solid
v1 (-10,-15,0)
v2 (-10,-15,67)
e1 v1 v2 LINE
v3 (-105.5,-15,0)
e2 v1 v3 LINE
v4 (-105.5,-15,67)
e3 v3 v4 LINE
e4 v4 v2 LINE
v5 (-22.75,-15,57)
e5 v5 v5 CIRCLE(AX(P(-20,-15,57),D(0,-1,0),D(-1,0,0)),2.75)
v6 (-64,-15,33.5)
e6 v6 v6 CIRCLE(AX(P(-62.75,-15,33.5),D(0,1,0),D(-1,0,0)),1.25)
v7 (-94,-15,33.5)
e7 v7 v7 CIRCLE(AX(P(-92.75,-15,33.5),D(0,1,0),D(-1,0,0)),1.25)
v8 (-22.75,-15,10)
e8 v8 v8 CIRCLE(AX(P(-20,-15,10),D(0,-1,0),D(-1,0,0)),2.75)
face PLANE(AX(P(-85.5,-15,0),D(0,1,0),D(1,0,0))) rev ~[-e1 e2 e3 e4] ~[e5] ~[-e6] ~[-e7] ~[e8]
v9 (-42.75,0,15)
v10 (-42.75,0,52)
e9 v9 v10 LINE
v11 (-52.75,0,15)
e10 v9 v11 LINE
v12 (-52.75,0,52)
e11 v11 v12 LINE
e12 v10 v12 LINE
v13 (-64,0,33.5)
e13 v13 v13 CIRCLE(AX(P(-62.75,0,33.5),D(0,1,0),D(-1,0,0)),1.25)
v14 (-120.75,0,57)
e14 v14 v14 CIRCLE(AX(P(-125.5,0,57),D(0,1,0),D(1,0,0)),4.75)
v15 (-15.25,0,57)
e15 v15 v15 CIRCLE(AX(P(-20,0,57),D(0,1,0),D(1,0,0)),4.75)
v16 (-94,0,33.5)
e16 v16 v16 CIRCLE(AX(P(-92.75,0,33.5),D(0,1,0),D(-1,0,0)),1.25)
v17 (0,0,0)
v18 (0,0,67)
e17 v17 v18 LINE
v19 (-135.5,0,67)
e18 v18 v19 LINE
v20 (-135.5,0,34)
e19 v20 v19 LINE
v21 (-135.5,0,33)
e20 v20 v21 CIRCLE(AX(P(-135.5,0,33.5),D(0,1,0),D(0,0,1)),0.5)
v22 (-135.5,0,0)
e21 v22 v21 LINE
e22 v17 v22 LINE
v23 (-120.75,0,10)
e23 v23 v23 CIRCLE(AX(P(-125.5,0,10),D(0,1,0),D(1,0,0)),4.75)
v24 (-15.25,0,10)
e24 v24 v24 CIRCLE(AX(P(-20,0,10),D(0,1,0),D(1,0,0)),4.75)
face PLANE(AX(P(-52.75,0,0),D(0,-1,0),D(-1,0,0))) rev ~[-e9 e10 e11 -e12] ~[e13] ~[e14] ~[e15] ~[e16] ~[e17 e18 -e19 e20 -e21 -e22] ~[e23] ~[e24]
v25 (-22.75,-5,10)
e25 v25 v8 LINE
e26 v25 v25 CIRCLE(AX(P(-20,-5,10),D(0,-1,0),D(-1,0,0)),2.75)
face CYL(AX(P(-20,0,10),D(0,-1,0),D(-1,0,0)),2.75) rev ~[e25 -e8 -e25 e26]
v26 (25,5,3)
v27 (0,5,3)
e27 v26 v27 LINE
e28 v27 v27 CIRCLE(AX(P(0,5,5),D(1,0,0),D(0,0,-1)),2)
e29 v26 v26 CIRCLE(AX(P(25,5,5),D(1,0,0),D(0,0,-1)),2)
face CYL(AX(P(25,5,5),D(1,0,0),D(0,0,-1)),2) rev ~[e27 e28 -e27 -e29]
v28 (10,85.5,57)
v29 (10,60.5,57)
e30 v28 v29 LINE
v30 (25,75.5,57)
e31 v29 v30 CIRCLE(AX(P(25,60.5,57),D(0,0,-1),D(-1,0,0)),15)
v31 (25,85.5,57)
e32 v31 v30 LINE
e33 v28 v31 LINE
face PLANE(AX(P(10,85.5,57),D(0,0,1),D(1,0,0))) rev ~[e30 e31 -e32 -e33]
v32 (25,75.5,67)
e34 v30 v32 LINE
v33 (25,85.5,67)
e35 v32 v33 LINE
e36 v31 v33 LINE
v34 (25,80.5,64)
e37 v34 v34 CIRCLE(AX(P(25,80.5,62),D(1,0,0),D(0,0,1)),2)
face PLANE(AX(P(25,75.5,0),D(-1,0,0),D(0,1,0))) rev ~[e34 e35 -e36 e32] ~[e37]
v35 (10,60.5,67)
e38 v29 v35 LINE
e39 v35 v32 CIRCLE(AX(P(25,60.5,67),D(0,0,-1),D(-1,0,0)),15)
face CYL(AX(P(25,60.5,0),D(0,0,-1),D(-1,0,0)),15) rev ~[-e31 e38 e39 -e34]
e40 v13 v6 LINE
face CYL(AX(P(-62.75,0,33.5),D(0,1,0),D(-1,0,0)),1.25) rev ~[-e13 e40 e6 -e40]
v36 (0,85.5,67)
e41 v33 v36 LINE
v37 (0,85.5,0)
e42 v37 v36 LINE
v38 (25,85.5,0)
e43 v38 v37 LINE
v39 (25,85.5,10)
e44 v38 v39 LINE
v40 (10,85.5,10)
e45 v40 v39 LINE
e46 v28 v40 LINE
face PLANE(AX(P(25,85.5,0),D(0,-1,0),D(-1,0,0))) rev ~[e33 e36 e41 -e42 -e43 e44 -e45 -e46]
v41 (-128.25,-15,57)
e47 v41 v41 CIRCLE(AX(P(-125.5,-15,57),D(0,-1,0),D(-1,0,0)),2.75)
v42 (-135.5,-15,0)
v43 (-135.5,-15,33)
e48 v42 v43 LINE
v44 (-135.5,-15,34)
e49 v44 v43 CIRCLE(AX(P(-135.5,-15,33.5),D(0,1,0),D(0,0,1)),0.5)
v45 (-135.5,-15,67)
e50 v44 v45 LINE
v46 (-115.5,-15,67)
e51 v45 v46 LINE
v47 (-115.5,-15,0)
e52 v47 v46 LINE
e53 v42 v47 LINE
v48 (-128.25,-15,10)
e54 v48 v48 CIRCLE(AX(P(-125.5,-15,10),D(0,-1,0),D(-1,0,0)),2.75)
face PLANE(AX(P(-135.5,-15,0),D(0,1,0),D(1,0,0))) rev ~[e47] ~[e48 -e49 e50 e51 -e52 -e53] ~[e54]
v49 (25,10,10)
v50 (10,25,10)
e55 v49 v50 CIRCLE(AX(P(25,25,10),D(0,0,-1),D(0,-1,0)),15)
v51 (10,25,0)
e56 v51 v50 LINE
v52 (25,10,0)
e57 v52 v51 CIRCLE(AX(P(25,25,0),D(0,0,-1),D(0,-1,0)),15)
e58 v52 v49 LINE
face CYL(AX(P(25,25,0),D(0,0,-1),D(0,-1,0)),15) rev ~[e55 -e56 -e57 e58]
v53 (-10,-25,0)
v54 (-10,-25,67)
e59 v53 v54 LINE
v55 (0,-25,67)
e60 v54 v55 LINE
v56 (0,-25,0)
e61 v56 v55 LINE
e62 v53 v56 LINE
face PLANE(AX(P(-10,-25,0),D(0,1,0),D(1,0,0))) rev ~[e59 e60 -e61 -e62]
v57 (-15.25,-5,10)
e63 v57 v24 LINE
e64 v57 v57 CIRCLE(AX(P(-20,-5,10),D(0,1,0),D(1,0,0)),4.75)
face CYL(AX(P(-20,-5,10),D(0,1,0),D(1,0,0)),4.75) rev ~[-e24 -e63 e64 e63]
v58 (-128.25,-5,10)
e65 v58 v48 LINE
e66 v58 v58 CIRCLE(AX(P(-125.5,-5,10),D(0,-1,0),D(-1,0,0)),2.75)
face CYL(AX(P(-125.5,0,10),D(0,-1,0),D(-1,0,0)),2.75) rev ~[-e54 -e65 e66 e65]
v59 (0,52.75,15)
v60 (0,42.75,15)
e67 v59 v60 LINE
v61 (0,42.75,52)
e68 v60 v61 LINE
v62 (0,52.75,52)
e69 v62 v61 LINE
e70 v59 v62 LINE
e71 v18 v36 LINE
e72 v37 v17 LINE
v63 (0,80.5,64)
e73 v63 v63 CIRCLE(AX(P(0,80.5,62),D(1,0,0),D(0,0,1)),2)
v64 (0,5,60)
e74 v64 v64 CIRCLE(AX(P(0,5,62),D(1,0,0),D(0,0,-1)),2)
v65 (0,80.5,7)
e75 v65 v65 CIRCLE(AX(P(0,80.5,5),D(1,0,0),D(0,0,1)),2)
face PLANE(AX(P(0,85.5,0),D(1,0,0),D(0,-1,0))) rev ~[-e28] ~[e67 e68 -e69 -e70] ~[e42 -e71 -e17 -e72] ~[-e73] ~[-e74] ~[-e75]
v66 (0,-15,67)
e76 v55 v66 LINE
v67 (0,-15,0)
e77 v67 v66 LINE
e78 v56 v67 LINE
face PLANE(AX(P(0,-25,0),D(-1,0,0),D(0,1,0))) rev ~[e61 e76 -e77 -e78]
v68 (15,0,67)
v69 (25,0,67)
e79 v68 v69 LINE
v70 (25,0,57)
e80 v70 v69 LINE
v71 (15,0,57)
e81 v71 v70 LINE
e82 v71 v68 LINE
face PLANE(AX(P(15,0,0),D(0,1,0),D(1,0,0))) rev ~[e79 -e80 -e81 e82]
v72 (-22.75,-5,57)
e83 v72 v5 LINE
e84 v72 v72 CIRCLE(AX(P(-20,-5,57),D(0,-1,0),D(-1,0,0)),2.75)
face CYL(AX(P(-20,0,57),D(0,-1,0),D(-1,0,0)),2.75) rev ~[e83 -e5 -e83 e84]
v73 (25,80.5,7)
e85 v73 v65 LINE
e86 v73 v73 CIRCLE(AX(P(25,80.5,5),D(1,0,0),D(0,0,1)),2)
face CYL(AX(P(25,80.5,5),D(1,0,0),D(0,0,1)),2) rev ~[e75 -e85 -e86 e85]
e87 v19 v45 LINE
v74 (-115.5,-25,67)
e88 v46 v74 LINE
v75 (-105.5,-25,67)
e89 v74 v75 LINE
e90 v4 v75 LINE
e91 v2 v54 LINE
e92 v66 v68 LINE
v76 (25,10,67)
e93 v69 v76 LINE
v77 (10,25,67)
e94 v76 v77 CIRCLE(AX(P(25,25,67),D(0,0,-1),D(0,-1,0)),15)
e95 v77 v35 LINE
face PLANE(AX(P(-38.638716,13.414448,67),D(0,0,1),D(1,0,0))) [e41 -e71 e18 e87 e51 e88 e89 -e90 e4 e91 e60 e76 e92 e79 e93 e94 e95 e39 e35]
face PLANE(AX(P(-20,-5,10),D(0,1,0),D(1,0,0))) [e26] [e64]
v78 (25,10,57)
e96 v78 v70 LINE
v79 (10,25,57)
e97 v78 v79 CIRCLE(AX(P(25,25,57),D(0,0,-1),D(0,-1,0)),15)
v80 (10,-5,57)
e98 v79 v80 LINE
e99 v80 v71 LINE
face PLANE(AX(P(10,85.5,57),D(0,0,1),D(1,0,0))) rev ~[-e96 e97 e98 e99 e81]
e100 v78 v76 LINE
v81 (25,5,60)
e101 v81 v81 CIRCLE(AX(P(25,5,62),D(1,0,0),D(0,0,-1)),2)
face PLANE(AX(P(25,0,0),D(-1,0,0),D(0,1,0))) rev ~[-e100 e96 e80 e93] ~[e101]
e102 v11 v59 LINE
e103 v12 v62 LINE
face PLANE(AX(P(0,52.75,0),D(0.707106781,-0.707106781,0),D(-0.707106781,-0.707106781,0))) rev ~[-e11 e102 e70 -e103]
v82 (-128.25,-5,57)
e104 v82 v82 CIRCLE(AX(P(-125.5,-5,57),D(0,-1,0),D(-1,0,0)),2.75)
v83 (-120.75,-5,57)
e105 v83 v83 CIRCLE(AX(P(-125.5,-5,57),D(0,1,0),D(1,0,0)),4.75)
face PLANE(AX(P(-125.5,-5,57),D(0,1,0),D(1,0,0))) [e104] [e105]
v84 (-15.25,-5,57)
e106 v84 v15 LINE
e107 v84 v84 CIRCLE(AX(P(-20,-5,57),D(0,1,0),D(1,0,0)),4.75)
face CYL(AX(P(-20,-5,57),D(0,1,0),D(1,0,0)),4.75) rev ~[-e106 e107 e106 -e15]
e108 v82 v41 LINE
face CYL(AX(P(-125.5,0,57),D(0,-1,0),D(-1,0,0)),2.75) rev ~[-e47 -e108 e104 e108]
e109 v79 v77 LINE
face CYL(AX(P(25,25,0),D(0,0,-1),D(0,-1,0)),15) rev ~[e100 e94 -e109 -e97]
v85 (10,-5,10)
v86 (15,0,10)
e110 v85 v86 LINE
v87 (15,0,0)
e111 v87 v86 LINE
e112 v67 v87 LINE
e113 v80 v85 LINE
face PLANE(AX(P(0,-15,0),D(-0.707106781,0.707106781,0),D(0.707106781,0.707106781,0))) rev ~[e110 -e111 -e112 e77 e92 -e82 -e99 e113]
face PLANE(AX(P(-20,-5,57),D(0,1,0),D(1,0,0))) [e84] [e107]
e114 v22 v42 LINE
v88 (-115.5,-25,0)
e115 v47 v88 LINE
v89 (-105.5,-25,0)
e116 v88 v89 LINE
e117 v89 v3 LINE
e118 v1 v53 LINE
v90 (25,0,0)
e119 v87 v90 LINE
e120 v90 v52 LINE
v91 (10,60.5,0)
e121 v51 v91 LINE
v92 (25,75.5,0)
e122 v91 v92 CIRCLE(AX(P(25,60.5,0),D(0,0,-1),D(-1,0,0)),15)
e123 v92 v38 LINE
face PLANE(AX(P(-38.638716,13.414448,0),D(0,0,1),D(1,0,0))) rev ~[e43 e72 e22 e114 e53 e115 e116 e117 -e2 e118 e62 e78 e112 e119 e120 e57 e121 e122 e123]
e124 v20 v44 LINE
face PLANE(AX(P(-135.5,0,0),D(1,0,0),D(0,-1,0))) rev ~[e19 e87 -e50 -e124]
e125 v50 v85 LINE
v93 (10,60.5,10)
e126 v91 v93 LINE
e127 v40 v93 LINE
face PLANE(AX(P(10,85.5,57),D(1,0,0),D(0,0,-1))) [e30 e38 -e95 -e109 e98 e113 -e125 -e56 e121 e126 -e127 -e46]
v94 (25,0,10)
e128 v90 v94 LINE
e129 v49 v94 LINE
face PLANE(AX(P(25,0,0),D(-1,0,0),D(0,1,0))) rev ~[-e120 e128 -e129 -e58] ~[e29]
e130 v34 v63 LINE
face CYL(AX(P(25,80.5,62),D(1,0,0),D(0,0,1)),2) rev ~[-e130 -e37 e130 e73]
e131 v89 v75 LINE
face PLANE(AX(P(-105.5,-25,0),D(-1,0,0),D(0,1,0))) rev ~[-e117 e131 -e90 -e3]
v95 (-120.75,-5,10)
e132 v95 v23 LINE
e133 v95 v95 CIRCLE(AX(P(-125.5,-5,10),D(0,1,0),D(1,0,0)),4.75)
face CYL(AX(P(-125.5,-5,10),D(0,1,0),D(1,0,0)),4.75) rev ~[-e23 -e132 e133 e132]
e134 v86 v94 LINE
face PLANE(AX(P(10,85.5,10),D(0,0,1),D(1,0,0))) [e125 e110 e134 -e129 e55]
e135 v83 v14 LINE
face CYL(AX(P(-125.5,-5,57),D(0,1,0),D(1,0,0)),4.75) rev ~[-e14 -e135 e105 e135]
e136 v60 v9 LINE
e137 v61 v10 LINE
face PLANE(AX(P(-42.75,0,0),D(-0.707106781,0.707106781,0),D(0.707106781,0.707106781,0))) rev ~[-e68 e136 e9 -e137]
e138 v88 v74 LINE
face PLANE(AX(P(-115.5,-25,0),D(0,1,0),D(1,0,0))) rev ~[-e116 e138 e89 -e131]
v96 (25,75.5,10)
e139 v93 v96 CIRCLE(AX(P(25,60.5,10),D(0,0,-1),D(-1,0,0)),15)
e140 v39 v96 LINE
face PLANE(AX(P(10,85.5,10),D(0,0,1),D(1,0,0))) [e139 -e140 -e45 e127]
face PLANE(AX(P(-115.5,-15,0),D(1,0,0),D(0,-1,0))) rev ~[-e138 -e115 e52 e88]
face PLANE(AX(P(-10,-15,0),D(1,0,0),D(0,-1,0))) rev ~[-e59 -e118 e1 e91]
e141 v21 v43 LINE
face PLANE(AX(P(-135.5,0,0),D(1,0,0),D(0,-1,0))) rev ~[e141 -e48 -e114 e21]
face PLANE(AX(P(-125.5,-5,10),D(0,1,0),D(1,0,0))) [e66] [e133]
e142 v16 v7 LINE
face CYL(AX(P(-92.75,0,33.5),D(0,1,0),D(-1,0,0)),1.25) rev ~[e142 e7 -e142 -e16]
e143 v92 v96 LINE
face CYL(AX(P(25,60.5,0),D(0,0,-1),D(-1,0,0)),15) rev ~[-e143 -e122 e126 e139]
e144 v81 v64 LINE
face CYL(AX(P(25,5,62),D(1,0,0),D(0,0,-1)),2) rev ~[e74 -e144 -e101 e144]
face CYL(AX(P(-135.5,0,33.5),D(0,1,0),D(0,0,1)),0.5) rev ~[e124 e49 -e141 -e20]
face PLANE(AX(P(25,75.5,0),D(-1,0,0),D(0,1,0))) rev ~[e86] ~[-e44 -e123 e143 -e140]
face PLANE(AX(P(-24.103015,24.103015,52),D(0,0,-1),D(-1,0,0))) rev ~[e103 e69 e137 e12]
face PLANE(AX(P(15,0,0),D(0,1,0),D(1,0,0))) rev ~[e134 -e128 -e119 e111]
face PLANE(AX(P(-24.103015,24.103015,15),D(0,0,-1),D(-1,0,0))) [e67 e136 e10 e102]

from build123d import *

# Parameters (mm, degrees)
EXTRUDE_2_DEPTH              = 67
CUT_EXTRUDE_5_DEPTH          = 15
CUT_EXTRUDE_6_DEPTH          = 15
SKETCH_4_W                   = 15
SKETCH_4_H                   = 47
CUT_EXTRUDE_7_DEPTH          = 100
CUT_EXTRUDE_8_DEPTH          = 100
CUT_EXTRUDE_11_DEPTH         = 25
CUT_EXTRUDE_12_DEPTH         = 25
CUT_EXTRUDE_13_DEPTH         = 25
CUT_EXTRUDE_14_DEPTH         = 25
HOLE_WIZARD_M5_1_D           = 5.5
HOLE_WIZARD_M5_1_CBORE_D     = 9.5
HOLE_WIZARD_M5_1_CBORE_DEPTH = 5
SKETCH_24_R                  = 1.25
CUT_EXTRUDE_15_DEPTH         = 50
SKETCH_25_W                  = 20
SKETCH_25_H                  = 10
CUT_EXTRUDE_16_DEPTH         = 100


with BuildPart() as part:
    # 스케치1 → 보스-돌출2 (new body)
    with BuildSketch(Plane.XY):
        with BuildLine():
            Line((0, 85.5), (0, 52.75))
            Line((0, 52.75), (-52.75, 0))
            Line((-52.75, 0), (-135.5, 0))
            Line((-135.5, 0), (-135.5, -15))
            Line((-135.5, -15), (-115.5, -15))
            Line((-115.5, -15), (-115.5, -25))
            Line((-115.5, -25), (-85.5, -25))
            Line((-85.5, -25), (-85.5, -15))
            Line((-85.5, -15), (-10, -15))
            Line((-10, -15), (-10, -25))
            Line((-10, -25), (0, -25))
            Line((0, -25), (0, -15))
            Line((0, -15), (15, 0))
            Line((15, 0), (25, 0))
            Line((25, 0), (25, 10))
            ThreePointArc((25, 10), (14.393398282, 14.393398282), (10, 25))
            Line((10, 25), (10, 60.5))
            ThreePointArc((10, 60.5), (14.393398282, 71.106601718), (25, 75.5))
            Line((25, 75.5), (25, 85.5))
            Line((25, 85.5), (0, 85.5))
        make_face()
        Polygon((-42.75, 0), (0, 42.75), (0, 0), align=None, mode=Mode.SUBTRACT)
    extrude(amount=EXTRUDE_2_DEPTH)

    # 스케치2 → 컷-돌출5 (cut)
    with BuildSketch(Plane.XY.offset(67)):
        Polygon((0, 52.75), (0, 42.75), (-42.75, 0), (-52.75, 0), align=None)
    extrude(amount=-CUT_EXTRUDE_5_DEPTH, mode=Mode.SUBTRACT)

    # 스케치3 → 컷-돌출6 (cut)
    with BuildSketch(Plane(origin=(0, 0, 0), x_dir=(-1, 0, 0), z_dir=(0, 0, -1))):
        Polygon((0, 52.75), (0, 42.75), (42.75, 0), (52.75, 0), align=None)
    extrude(amount=-CUT_EXTRUDE_6_DEPTH, mode=Mode.SUBTRACT)

    # 스케치4 → 컷-돌출7 (cut)
    with BuildSketch(Plane(origin=(0, 85.5, 0), x_dir=(1, 0, 0), z_dir=(0, 1, 0))):
        with Locations((17.5, -33.5)):
            Rectangle(SKETCH_4_W, SKETCH_4_H)
    extrude(amount=-CUT_EXTRUDE_7_DEPTH, mode=Mode.SUBTRACT)

    # 스케치5 → 컷-돌출8 (cut)
    with BuildSketch(Plane(origin=(0, 0, 0), x_dir=(1, 0, 0), z_dir=(0, 1, 0))):
        with BuildLine():
            ThreePointArc((-135.5, -34), (-135, -33.5), (-135.5, -33))
            Line((-135.5, -33), (-135.5, -33.5))
            Line((-135.5, -33.5), (-135.5, -34))
        make_face()
    extrude(amount=-CUT_EXTRUDE_8_DEPTH, mode=Mode.SUBTRACT)

    # 스케치8 → 컷-돌출11 (cut)
    with BuildSketch(Plane(origin=(25, 0, 0), x_dir=(0, 0, -1), z_dir=(1, 0, 0))):
        with BuildLine():
            ThreePointArc((-60, 80.5), (-62, 82.5), (-64, 80.5))
            Line((-64, 80.5), (-60, 80.5))
        make_face()
        with BuildLine():
            Line((-60, 80.5), (-64, 80.5))
            ThreePointArc((-64, 80.5), (-62, 78.5), (-60, 80.5))
        make_face()
    extrude(amount=-CUT_EXTRUDE_11_DEPTH, mode=Mode.SUBTRACT)

    # 스케치10 → 컷-돌출12 (cut)
    with BuildSketch(Plane(origin=(25, 0, 0), x_dir=(0, 0, -1), z_dir=(1, 0, 0))):
        with BuildLine():
            ThreePointArc((-3, 80.5), (-5, 82.5), (-7, 80.5))
            Line((-7, 80.5), (-3, 80.5))
        make_face()
        with BuildLine():
            Line((-3, 80.5), (-7, 80.5))
            ThreePointArc((-7, 80.5), (-5, 78.5), (-3, 80.5))
        make_face()
    extrude(amount=-CUT_EXTRUDE_12_DEPTH, mode=Mode.SUBTRACT)

    # 스케치11 → 컷-돌출13 (cut)
    with BuildSketch(Plane(origin=(25, 0, 0), x_dir=(0, 0, -1), z_dir=(1, 0, 0))):
        with BuildLine():
            ThreePointArc((-64, 5), (-62, 3), (-60, 5))
            Line((-60, 5), (-64, 5))
        make_face()
        with BuildLine():
            Line((-64, 5), (-60, 5))
            ThreePointArc((-60, 5), (-62, 7), (-64, 5))
        make_face()
    extrude(amount=-CUT_EXTRUDE_13_DEPTH, mode=Mode.SUBTRACT)

    # 스케치12 → 컷-돌출14 (cut)
    with BuildSketch(Plane(origin=(25, 0, 0), x_dir=(0, 0, -1), z_dir=(1, 0, 0))):
        with BuildLine():
            ThreePointArc((-7, 5), (-5, 3), (-3, 5))
            Line((-3, 5), (-7, 5))
        make_face()
        with BuildLine():
            Line((-7, 5), (-3, 5))
            ThreePointArc((-3, 5), (-5, 7), (-7, 5))
        make_face()
    extrude(amount=-CUT_EXTRUDE_14_DEPTH, mode=Mode.SUBTRACT)

    # M5 소켓 머리 캡 나사용 카운터보어1 (through all)
    with Locations(Plane(origin=(0, 0, 0), x_dir=(1, 0, 0), z_dir=(0, 1, 0))):
        with Locations((-125.5, -10), (-125.5, -57), (-20, -10), (-20, -57)):
            CounterBoreHole(HOLE_WIZARD_M5_1_D / 2, HOLE_WIZARD_M5_1_CBORE_D / 2, HOLE_WIZARD_M5_1_CBORE_DEPTH)

    # 스케치24 → 컷-돌출15 (cut)
    with BuildSketch(Plane(origin=(0, 0, 0), x_dir=(1, 0, 0), z_dir=(0, 1, 0))):
        with Locations(Location((-62.75, -33.5, 0), (0, 0, 180))):
            Circle(SKETCH_24_R)
        with Locations(Location((-92.75, -33.5, 0), (0, 0, 180))):
            Circle(SKETCH_24_R)
    extrude(amount=-CUT_EXTRUDE_15_DEPTH, mode=Mode.SUBTRACT)

    # 스케치25 → 컷-돌출16 (cut)
    with BuildSketch(Plane(origin=(0, 0, 0), x_dir=(-1, 0, 0), z_dir=(0, 0, -1))):
        with Locations((95.5, -20)):
            Rectangle(SKETCH_25_W, SKETCH_25_H)
    extrude(amount=-CUT_EXTRUDE_16_DEPTH, mode=Mode.SUBTRACT)


solid = part.part
